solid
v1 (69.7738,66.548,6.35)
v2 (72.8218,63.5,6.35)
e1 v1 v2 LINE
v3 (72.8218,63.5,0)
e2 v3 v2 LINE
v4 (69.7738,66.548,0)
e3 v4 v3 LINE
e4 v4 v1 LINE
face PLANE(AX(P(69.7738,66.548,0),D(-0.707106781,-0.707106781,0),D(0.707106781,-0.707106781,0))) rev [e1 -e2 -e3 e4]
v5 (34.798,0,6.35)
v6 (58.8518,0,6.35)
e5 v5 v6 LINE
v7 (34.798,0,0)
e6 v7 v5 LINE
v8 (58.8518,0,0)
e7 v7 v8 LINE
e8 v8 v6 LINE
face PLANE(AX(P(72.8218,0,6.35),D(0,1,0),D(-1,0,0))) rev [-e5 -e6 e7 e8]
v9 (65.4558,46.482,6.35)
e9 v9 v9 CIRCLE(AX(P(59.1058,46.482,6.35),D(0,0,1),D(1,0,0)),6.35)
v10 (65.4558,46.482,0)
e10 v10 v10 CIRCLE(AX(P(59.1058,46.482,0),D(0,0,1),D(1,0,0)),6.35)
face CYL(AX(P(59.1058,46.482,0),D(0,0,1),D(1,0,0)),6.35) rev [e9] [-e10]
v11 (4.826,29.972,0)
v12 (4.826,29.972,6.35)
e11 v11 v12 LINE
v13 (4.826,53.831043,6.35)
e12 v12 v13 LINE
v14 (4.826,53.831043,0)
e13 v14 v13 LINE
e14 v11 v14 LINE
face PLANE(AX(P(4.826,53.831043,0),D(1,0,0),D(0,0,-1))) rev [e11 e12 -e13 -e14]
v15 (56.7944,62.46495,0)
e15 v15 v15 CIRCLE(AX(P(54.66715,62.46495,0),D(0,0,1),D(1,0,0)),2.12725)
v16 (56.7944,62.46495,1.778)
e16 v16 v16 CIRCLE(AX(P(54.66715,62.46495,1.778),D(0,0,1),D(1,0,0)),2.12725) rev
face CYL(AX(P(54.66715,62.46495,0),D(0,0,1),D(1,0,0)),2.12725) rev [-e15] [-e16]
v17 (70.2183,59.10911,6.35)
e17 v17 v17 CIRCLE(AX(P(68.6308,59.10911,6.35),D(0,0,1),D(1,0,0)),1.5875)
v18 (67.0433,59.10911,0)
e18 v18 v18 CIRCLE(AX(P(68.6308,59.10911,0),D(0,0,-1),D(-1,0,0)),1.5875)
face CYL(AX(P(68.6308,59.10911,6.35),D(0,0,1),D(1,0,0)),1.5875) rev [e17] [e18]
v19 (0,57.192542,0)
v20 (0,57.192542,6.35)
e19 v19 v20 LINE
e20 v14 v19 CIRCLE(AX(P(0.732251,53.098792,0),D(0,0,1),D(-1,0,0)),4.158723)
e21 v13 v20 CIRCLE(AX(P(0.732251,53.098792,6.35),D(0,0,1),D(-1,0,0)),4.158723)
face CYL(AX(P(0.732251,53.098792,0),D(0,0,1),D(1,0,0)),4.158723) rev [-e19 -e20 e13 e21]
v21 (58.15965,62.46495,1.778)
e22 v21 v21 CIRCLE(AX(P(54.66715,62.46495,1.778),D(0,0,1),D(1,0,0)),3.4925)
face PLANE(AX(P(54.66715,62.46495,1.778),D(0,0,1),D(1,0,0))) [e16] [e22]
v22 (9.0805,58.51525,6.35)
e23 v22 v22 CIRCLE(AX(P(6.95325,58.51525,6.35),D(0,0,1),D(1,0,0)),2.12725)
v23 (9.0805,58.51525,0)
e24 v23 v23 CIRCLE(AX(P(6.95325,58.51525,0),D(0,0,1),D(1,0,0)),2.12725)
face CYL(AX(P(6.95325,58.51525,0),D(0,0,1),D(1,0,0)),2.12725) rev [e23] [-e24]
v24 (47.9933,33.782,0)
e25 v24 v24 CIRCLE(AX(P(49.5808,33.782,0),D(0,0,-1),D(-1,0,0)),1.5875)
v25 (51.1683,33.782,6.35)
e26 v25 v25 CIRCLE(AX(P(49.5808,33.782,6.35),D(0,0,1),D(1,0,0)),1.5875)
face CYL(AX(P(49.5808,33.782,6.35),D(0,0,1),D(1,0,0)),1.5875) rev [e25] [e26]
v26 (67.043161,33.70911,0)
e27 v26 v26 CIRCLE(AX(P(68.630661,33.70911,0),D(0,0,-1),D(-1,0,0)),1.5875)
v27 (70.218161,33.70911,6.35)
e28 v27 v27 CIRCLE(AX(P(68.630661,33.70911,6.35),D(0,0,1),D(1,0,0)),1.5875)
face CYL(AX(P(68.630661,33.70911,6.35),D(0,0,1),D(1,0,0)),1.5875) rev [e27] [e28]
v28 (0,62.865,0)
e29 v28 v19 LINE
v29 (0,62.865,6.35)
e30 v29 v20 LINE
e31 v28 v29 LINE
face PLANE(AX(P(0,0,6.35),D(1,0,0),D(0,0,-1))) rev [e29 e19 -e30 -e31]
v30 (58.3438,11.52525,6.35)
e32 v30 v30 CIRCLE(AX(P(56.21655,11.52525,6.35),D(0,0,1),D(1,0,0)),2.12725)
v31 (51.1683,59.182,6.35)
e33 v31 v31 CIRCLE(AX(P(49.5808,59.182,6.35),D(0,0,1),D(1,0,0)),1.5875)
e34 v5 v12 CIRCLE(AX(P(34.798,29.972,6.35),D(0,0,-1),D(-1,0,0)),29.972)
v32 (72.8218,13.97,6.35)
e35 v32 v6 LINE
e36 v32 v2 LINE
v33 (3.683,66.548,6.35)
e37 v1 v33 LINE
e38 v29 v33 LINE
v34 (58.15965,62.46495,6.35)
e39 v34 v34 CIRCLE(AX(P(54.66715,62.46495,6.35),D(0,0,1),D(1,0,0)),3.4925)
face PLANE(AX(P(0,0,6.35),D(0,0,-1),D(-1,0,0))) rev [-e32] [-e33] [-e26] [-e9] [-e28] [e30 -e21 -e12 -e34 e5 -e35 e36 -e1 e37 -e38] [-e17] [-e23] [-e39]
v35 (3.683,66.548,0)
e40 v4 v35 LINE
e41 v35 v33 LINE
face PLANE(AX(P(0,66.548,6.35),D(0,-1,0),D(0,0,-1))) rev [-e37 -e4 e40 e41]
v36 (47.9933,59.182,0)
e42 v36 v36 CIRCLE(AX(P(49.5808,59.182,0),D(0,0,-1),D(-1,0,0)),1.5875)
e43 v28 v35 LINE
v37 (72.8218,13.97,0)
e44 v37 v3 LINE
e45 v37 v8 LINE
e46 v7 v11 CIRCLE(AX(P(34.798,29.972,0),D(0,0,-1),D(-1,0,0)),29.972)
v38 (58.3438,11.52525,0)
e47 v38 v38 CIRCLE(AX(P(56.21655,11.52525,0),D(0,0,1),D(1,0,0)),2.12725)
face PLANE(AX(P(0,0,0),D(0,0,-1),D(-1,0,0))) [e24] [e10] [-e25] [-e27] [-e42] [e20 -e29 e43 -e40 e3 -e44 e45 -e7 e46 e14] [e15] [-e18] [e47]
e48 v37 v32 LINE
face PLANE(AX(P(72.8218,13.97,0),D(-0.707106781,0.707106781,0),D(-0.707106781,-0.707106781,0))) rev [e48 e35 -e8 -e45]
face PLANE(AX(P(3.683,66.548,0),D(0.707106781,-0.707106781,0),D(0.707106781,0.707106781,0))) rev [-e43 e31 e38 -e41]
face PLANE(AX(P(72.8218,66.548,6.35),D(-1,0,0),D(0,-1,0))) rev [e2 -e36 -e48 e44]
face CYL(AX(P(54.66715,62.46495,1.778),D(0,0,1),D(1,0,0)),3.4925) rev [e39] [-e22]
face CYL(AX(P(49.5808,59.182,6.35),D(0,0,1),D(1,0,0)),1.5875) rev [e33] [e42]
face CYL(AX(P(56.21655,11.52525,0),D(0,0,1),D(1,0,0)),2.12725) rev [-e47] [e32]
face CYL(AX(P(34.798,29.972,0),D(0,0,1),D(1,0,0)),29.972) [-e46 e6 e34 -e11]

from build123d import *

# Parameters (mm, degrees)
SKETCH1_W                        = 72.8218
SKETCH1_H                        = 66.548
BOSS_EXTRUDE1_DEPTH              = 6.35
SKETCH2_R                        = 6.35
CUT_EXTRUDE1_DEPTH               = 7.35
SKETCH3_R                        = 2.12725
CUT_EXTRUDE2_DEPTH               = 7.35
SKETCH4_R                        = 2.12725
CUT_EXTRUDE3_DEPTH               = 7.35
SKETCH5_R                        = 2.12725
CUT_EXTRUDE4_DEPTH               = 7.35
SKETCH6_R                        = 3.4925
CUT_EXTRUDE5_DEPTH               = 4.572
F_1_8_0_125_DIAMETER_HOLE1_D     = 3.175
F_1_8_0_125_DIAMETER_HOLE1_DEPTH = 25.4
F_1_8_0_125_DIAMETER_HOLE1_TIP   = 0.953866233
CUT_EXTRUDE6_DEPTH               = 7.35
CUT_EXTRUDE7_DEPTH               = 7.35
CUT_EXTRUDE8_DEPTH               = 7.35
CUT_EXTRUDE9_DEPTH               = 7.35
CUT_EXTRUDE10_DEPTH              = 7.35


with BuildPart() as part:
    # Sketch1 → Boss-Extrude1 (new body)
    with BuildSketch(Plane.XY):
        with Locations((36.4109, 33.274)):
            Rectangle(SKETCH1_W, SKETCH1_H)
    extrude(amount=BOSS_EXTRUDE1_DEPTH)

    # Sketch2 → Cut-Extrude1 (cut, through all)
    with BuildSketch(Plane.XY.offset(6.35)):
        with Locations((59.1058, 46.482)):
            Circle(SKETCH2_R)
    extrude(amount=-CUT_EXTRUDE1_DEPTH, mode=Mode.SUBTRACT)

    # Sketch3 → Cut-Extrude2 (cut, through all)
    with BuildSketch(Plane.XY.offset(6.35)):
        with Locations((56.21655, 11.52525)):
            Circle(SKETCH3_R)
    extrude(amount=-CUT_EXTRUDE2_DEPTH, mode=Mode.SUBTRACT)

    # Sketch4 → Cut-Extrude3 (cut, through all)
    with BuildSketch(Plane.XY.offset(6.35)):
        with Locations((6.95325, 58.51525)):
            Circle(SKETCH4_R)
    extrude(amount=-CUT_EXTRUDE3_DEPTH, mode=Mode.SUBTRACT)

    # Sketch5 → Cut-Extrude4 (cut, through all)
    with BuildSketch(Plane.XY.offset(6.35)):
        with Locations((54.66715, 62.46495)):
            Circle(SKETCH5_R)
    extrude(amount=-CUT_EXTRUDE4_DEPTH, mode=Mode.SUBTRACT)

    # Sketch6 → Cut-Extrude5 (cut)
    with BuildSketch(Plane.XY.offset(6.35)):
        with Locations((54.66715, 62.46495)):
            Circle(SKETCH6_R)
    extrude(amount=-CUT_EXTRUDE5_DEPTH, mode=Mode.SUBTRACT)

    # 1/8 (0.125) Diameter Hole1
    with Locations(Plane.XY.offset(6.35)):
        with Locations((49.5808, 59.182), (68.6308, 59.109110049), (68.630660552, 33.70911005), (49.5808, 33.782)):
            Hole(F_1_8_0_125_DIAMETER_HOLE1_D / 2, depth=F_1_8_0_125_DIAMETER_HOLE1_DEPTH)
            with Locations((0, 0, -(F_1_8_0_125_DIAMETER_HOLE1_DEPTH + F_1_8_0_125_DIAMETER_HOLE1_TIP / 2))):  # 118° drill point
                Cone(0, F_1_8_0_125_DIAMETER_HOLE1_D / 2, F_1_8_0_125_DIAMETER_HOLE1_TIP, mode=Mode.SUBTRACT)

    # Sketch9 → Cut-Extrude6 (cut, through all)
    with BuildSketch(Plane.XY.offset(6.35)):
        Polygon((72.8218, 13.97), (58.8518, 0), (72.8218, 0), align=None)
    extrude(amount=-CUT_EXTRUDE6_DEPTH, mode=Mode.SUBTRACT)

    # Sketch10 → Cut-Extrude7 (cut, through all)
    with BuildSketch(Plane.XY.offset(6.35)):
        Polygon((3.683, 66.548), (0, 62.865), (0, 66.548), align=None)
    extrude(amount=-CUT_EXTRUDE7_DEPTH, mode=Mode.SUBTRACT)

    # Sketch11 → Cut-Extrude8 (cut, through all)
    with BuildSketch(Plane.XY.offset(6.35)):
        with BuildLine():
            Line((4.826, 53.831043168), (4.826, 0))
            Line((4.826, 0), (0, 0))
            Line((0, 0), (0, 57.192541634))
            ThreePointArc((0, 57.192541634), (3.109189127, 56.511289727), (4.826, 53.831043168))
        make_face()
    extrude(amount=-CUT_EXTRUDE8_DEPTH, mode=Mode.SUBTRACT)

    # Sketch12 → Cut-Extrude9 (cut, through all)
    with BuildSketch(Plane.XY.offset(6.35)):
        with BuildLine():
            Line((4.826, 29.972), (4.826, 0))
            Line((4.826, 0), (34.798, 0))
            ThreePointArc((34.798, 0), (13.604595554, 8.778595554), (4.826, 29.972))
        make_face()
    extrude(amount=-CUT_EXTRUDE9_DEPTH, mode=Mode.SUBTRACT)

    # Sketch13 → Cut-Extrude10 (cut, through all)
    with BuildSketch(Plane.XY.offset(6.35)):
        Polygon((69.7738, 66.548), (72.8218, 63.5), (72.8218, 66.548), align=None)
    extrude(amount=-CUT_EXTRUDE10_DEPTH, mode=Mode.SUBTRACT)


solid = part.part
